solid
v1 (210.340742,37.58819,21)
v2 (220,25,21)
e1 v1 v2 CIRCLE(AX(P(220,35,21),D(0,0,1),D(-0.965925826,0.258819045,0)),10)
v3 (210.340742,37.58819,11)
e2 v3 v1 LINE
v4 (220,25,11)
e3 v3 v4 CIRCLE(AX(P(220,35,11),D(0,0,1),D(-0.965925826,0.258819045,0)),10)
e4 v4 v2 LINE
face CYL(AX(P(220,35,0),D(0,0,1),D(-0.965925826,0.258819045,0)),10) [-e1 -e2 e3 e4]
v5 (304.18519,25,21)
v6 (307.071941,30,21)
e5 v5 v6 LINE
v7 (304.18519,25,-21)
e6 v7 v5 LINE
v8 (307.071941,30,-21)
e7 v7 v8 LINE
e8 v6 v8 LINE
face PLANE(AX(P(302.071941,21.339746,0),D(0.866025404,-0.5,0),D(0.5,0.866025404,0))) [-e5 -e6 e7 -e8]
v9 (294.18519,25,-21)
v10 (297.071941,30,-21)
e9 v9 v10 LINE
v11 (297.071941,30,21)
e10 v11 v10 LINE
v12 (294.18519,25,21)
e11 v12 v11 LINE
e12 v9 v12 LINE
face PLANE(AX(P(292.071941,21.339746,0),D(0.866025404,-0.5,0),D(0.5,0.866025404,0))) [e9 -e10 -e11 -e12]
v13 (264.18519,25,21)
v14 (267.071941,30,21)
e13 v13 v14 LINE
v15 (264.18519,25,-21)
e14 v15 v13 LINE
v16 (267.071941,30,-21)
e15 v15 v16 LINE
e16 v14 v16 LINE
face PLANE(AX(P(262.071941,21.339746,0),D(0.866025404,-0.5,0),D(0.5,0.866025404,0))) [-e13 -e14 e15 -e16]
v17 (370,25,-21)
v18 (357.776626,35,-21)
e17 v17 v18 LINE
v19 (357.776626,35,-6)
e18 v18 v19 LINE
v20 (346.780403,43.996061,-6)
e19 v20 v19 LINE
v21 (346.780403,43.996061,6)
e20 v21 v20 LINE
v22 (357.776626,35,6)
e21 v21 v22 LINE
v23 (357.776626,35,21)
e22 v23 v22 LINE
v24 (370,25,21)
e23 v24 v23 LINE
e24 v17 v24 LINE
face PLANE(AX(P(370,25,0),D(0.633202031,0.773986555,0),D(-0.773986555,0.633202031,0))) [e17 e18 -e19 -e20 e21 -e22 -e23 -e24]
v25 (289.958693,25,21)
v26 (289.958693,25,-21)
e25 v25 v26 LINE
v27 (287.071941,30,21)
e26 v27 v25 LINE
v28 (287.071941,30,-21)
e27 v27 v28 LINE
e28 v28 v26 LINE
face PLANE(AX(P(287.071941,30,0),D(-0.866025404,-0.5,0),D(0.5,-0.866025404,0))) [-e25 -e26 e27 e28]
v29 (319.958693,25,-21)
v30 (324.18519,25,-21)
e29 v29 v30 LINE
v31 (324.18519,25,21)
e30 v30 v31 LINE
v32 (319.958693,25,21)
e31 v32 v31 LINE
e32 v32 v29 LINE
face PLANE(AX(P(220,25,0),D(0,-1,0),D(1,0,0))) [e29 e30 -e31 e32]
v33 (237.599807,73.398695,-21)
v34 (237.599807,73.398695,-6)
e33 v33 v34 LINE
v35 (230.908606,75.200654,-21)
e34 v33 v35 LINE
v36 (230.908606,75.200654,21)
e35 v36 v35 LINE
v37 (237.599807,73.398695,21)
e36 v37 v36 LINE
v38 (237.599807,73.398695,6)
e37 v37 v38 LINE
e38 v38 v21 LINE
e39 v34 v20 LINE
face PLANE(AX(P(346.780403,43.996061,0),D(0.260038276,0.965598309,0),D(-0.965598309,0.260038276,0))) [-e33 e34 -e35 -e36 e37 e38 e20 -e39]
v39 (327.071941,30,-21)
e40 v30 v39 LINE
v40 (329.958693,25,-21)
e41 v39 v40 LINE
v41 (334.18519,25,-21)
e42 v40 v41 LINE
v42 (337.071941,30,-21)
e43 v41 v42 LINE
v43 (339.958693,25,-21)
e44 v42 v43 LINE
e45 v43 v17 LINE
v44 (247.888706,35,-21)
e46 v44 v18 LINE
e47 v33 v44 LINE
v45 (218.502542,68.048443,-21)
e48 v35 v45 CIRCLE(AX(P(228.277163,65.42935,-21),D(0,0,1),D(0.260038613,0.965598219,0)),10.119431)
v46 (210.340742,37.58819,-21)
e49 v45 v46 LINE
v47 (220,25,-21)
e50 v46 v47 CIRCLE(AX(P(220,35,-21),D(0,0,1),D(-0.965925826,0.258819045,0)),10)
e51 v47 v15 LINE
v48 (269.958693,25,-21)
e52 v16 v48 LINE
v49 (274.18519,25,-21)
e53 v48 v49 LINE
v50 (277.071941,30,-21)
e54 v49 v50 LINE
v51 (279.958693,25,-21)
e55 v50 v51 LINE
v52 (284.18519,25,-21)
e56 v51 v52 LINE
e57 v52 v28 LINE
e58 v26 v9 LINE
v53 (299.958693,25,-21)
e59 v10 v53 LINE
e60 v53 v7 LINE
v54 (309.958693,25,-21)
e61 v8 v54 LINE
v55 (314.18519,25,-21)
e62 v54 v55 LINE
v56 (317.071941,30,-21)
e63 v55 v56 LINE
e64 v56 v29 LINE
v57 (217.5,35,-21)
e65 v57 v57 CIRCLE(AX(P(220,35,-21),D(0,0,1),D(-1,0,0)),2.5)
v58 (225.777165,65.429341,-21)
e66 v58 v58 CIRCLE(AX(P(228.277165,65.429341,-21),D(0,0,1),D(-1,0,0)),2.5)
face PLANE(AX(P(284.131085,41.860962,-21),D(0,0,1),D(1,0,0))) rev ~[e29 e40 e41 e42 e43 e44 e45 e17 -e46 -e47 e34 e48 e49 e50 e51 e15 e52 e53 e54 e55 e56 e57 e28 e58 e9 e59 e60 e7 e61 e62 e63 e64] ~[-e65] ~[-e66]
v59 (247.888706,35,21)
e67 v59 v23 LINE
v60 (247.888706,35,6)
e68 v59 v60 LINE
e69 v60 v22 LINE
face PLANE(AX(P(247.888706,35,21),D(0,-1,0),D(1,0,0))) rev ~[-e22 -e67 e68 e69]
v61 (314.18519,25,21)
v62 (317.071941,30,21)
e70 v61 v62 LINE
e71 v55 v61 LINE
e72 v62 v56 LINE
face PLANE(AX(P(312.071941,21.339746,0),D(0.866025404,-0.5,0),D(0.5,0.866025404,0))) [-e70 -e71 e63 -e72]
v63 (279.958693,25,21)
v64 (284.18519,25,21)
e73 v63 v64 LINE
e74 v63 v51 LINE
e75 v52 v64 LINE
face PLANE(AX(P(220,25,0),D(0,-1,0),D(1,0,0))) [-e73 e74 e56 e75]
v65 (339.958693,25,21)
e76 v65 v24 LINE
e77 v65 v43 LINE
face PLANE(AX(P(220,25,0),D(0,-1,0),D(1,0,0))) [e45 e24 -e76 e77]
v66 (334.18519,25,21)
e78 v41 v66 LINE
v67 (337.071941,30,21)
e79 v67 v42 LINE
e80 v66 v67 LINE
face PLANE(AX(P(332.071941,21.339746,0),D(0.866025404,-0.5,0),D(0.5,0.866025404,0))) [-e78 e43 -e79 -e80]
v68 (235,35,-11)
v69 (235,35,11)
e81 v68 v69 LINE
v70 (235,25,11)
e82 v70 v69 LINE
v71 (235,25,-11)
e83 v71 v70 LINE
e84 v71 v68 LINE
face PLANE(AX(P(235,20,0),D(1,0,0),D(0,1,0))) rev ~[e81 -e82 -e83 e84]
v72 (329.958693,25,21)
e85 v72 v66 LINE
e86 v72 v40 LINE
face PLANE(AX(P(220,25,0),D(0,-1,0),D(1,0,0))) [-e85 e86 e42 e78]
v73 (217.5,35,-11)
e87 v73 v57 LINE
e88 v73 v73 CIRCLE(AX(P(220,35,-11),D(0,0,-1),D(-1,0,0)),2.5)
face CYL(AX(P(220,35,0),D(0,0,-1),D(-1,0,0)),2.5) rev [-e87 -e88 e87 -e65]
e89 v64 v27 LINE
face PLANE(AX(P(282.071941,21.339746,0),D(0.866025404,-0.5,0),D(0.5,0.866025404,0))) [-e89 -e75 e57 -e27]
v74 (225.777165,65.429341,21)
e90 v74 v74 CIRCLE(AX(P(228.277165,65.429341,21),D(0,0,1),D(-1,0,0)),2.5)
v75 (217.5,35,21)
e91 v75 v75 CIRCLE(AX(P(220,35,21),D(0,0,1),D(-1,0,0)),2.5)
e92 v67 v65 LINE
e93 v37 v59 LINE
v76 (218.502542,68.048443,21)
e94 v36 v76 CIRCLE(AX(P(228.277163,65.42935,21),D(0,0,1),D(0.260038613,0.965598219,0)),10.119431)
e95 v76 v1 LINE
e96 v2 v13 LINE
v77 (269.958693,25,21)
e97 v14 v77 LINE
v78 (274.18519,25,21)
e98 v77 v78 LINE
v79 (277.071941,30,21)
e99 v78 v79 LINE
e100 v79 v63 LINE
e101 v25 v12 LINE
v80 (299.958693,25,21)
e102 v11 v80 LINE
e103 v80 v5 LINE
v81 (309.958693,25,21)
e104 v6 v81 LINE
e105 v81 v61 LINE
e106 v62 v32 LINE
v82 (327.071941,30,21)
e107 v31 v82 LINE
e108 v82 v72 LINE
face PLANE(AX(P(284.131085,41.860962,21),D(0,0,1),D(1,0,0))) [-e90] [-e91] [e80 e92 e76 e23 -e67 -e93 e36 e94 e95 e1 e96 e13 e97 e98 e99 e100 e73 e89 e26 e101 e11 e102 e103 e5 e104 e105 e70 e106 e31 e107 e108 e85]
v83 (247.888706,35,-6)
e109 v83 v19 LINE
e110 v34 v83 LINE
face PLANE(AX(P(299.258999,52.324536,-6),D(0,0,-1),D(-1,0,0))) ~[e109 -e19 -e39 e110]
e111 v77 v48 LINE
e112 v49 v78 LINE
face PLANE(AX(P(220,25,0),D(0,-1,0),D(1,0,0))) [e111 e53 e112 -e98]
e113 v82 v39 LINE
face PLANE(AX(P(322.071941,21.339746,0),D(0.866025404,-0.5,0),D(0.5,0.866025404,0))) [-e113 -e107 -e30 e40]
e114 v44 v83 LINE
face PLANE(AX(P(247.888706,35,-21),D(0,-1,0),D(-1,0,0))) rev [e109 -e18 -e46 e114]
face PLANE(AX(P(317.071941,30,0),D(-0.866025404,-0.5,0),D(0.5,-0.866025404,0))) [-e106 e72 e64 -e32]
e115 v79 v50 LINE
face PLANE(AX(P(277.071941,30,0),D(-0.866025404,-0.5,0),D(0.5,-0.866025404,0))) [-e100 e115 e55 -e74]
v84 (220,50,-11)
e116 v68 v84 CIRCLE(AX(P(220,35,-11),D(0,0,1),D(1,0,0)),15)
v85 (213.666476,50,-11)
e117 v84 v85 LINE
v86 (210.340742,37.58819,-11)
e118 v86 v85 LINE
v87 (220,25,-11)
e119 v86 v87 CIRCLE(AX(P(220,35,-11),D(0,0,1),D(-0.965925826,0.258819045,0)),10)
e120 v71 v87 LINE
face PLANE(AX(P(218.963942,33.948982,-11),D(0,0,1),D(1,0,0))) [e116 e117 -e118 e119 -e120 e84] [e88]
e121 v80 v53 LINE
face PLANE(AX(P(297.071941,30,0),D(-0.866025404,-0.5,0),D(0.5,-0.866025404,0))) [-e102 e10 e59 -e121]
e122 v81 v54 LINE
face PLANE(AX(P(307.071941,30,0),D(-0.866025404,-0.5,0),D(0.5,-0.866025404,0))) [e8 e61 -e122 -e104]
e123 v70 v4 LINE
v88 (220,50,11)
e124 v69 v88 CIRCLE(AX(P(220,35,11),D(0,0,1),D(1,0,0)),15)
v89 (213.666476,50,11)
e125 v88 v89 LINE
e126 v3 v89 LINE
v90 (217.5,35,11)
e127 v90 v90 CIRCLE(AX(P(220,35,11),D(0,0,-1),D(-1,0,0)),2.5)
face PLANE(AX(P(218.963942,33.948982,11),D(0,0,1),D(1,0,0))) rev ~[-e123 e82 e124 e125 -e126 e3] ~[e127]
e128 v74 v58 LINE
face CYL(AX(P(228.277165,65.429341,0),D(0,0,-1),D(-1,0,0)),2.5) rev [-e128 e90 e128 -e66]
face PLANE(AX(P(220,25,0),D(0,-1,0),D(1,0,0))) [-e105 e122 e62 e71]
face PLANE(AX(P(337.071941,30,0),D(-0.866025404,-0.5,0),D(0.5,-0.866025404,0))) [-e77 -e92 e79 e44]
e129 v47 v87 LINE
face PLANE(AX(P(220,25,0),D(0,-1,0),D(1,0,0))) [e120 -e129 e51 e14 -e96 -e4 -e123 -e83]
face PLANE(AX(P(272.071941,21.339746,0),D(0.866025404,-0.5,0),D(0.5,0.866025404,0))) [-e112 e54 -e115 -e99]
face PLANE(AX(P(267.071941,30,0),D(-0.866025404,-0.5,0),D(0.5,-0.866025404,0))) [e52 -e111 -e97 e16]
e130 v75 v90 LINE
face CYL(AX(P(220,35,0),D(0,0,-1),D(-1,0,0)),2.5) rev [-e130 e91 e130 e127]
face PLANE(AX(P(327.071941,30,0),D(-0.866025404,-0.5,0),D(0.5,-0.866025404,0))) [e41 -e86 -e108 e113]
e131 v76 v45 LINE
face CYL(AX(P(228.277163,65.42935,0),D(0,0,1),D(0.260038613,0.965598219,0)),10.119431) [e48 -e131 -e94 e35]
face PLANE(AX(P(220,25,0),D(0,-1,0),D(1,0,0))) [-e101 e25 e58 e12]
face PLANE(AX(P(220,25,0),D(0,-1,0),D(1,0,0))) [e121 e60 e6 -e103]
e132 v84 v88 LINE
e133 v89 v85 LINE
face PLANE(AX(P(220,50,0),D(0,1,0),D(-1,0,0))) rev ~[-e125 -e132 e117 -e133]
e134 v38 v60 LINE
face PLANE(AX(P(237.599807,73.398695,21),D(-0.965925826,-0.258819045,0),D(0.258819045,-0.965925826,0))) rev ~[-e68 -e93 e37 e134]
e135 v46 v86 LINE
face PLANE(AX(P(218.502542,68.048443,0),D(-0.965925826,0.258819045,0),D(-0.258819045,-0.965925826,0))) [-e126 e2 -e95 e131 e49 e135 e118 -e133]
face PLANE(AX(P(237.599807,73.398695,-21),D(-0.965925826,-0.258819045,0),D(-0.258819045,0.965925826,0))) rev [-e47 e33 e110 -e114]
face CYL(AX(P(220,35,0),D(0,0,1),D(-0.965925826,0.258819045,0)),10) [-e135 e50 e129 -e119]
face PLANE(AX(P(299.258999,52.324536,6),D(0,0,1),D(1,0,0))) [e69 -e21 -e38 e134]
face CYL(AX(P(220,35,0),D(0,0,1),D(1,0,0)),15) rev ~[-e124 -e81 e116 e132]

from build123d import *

# Parameters (mm, degrees)
SKETCH_1_R             = 2.5
EXTRUDE_1_DEPTH        = 21
CUT_EXTRUDE_1_DEPTH    = 11
CUT_EXTRUDE_2_DEPTH    = 15
CUT_EXTRUDE_3_DEPTH    = 25
PATTERN_LINEAR_1_COUNT = 8
PATTERN_LINEAR_1_PITCH = 10


with BuildPart() as part:
    # 草图1 → 凸台-拉伸1 (new, symmetric)
    with BuildSketch(Plane.XY):
        with BuildLine():
            Line((218.502541787, 68.048442919), (210.340741737, 37.588190451))
            ThreePointArc((210.340741737, 37.588190451), (212.066466597, 28.91238571), (220, 25))
            Line((220, 25), (358.547941324, 25))
            Line((358.547941324, 25), (370, 25))
            Line((370, 25), (346.78040334, 43.996060933))
            Line((346.78040334, 43.996060933), (230.908606215, 75.200654039))
            ThreePointArc((230.908606215, 75.200654039), (223.222977943, 74.196224157), (218.502541787, 68.048442919))
        make_face()
        with Locations(Location((220, 35, 0), (0, 0, 180))):
            Circle(SKETCH_1_R, mode=Mode.SUBTRACT)
        with Locations(Location((228.27716468, 65.429340608, 0), (0, 0, 180))):
            Circle(SKETCH_1_R, mode=Mode.SUBTRACT)
    extrude(amount=EXTRUDE_1_DEPTH, both=True)

    # 草图2 → 切除-拉伸1 (cut, symmetric)
    with BuildSketch(Plane.XY):
        with BuildLine():
            Line((235, 20), (235, 35))
            ThreePointArc((235, 35), (230.606601718, 45.606601718), (220, 50))
            Line((220, 50), (205, 50))
            Line((205, 50), (205.078251443, 33.469830071))
            Line((205.078251443, 33.469830071), (205.078251443, 20))
            Line((205.078251443, 20), (235, 20))
        make_face()
    extrude(amount=CUT_EXTRUDE_1_DEPTH, both=True, mode=Mode.SUBTRACT)

    # 草图3 → 切除-拉伸2 (cut)
    with BuildSketch(Plane.XY.offset(21)):
        Polygon((237.599806566, 73.398695413), (247.888705992, 35), (366.823980308, 35), (338.386105999, 70.333701244), align=None)
    cut_extrude_2 = extrude(amount=-CUT_EXTRUDE_2_DEPTH, mode=Mode.SUBTRACT)

    # 镜向1: 切除-拉伸2 across plane
    add(cut_extrude_2.mirror(Plane.XY), mode=Mode.SUBTRACT)

    # 草图4 → 切除-拉伸3 (cut, symmetric)
    with BuildSketch(Plane.XY):
        Polygon((262.071941238, 21.339745962), (267.071941238, 30), (272.071941238, 21.339745962), align=None)
    cut_extrude_3 = extrude(amount=CUT_EXTRUDE_3_DEPTH, both=True, mode=Mode.SUBTRACT)

    # 阵列(线性)1: 切除-拉伸3 ×8
    with Locations(*[(i * PATTERN_LINEAR_1_PITCH, 0, 0) for i in range(1, PATTERN_LINEAR_1_COUNT)]):
        add(cut_extrude_3, mode=Mode.SUBTRACT)


solid = part.part
